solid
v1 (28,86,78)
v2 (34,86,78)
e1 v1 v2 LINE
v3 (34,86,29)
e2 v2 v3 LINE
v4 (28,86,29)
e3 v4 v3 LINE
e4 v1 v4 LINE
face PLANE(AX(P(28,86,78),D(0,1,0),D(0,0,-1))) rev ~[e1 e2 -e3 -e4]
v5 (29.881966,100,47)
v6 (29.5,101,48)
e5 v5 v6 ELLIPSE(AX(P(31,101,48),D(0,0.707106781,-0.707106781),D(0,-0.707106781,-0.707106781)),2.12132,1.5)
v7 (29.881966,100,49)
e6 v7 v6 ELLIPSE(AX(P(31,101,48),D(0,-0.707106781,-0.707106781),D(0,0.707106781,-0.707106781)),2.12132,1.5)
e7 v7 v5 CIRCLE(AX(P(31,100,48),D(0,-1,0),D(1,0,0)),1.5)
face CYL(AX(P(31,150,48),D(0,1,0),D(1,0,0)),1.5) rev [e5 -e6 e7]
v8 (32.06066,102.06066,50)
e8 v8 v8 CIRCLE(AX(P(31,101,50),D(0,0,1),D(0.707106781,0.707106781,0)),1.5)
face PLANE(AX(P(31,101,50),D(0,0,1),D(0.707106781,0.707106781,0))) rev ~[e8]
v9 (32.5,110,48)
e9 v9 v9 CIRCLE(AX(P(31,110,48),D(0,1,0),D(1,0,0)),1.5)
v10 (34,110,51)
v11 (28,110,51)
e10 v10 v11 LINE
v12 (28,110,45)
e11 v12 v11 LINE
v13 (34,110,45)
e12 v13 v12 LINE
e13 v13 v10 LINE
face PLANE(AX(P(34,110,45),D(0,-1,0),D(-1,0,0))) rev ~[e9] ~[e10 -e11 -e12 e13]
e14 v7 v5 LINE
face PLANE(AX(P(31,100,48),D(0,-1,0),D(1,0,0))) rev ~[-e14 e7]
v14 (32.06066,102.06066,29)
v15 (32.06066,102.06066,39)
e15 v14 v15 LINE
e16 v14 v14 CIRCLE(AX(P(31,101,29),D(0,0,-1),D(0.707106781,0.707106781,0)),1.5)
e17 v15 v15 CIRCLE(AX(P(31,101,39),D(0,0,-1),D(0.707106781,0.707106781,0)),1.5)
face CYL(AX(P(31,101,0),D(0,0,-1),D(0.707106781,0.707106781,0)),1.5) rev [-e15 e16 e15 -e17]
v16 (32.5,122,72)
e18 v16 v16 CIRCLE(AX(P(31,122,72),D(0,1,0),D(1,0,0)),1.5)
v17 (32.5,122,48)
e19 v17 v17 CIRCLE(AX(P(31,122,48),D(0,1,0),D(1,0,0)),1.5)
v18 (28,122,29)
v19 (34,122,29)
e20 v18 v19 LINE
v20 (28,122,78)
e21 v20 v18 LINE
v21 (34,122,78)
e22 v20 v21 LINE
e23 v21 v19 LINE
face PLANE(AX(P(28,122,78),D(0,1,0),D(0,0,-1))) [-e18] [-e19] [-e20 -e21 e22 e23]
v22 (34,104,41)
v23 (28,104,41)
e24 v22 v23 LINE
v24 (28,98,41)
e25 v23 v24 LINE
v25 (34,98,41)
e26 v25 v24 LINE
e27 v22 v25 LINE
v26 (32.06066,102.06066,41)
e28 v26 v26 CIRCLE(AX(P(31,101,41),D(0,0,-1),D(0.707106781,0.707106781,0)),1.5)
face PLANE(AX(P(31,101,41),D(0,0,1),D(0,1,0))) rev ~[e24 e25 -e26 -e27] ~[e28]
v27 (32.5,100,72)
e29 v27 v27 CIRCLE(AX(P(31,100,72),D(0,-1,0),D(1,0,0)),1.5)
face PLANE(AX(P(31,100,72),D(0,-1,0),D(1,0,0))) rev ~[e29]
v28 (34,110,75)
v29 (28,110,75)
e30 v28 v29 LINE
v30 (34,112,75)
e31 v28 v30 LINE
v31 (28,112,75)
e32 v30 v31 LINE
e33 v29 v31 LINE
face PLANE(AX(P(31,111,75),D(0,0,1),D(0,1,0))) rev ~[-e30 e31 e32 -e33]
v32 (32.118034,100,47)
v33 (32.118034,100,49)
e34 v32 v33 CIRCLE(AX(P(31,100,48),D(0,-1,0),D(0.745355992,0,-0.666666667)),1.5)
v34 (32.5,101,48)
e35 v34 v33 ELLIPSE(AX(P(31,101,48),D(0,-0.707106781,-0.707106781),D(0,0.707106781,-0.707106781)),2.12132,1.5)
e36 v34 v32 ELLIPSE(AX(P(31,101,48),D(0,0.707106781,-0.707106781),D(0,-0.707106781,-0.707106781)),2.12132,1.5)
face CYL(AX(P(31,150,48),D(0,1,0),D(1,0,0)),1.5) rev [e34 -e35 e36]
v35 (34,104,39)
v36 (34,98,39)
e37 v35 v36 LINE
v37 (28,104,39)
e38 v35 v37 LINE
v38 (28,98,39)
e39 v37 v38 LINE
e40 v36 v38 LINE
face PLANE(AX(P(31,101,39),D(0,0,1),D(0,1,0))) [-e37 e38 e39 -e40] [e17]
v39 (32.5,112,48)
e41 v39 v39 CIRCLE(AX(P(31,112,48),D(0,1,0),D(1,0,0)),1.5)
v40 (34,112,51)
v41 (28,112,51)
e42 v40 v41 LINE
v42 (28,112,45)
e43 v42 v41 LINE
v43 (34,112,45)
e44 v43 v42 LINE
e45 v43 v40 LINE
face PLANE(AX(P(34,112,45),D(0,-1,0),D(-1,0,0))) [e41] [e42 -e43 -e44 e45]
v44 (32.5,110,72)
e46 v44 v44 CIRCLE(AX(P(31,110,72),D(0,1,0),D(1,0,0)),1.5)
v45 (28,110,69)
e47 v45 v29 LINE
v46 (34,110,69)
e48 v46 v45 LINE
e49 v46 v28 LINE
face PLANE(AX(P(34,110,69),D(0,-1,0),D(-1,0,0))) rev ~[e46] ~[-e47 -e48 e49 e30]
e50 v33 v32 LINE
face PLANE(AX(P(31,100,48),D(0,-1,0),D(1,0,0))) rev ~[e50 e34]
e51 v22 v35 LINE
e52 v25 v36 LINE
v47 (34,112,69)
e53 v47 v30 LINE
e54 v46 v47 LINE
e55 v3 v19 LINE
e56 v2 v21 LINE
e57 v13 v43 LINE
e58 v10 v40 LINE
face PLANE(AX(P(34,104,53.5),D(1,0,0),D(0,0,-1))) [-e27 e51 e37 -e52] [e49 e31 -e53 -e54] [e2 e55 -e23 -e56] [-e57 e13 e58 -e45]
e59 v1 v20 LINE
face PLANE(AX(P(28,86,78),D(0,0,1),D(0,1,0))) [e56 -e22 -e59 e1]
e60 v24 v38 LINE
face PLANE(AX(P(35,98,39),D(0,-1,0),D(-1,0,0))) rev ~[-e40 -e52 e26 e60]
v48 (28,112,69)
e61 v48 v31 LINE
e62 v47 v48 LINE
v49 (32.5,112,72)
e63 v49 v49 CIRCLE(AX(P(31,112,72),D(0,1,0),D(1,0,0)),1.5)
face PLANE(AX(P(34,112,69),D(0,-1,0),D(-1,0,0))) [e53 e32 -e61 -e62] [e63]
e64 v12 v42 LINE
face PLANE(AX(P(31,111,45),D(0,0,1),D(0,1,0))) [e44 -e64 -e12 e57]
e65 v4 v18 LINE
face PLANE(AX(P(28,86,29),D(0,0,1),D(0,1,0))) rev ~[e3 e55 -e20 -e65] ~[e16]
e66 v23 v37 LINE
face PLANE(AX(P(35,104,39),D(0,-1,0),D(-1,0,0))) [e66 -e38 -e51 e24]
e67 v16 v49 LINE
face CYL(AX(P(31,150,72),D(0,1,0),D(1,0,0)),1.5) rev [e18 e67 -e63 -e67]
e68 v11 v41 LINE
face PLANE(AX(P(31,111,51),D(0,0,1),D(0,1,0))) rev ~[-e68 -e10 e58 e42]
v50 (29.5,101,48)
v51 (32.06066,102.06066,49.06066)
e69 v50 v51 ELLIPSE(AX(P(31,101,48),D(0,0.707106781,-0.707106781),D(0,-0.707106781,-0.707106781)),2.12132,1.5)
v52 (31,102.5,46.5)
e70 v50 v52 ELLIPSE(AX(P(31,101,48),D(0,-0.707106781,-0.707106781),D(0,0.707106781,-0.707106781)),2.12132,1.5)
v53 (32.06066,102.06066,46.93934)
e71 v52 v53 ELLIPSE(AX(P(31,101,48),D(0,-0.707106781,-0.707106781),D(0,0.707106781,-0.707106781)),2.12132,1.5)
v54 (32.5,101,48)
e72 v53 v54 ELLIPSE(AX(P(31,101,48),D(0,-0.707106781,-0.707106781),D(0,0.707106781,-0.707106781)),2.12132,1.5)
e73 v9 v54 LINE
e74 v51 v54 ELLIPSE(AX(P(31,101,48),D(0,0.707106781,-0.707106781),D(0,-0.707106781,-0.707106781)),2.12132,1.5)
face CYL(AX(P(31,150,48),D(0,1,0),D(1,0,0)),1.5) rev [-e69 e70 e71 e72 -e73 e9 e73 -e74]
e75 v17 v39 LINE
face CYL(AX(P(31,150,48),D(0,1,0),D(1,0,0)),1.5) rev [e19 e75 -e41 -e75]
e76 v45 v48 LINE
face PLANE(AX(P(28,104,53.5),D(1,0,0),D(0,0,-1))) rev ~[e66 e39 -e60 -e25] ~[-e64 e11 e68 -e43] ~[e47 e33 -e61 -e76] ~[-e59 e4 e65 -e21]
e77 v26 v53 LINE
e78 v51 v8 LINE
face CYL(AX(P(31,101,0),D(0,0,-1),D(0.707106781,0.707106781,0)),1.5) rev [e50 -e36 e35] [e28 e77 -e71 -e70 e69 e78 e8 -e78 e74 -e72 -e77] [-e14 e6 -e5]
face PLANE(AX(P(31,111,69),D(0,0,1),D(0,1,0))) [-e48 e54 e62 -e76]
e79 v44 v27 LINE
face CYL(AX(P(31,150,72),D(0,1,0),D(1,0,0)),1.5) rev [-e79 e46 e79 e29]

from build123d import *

# Parameters (mm, degrees)
CYLINDER1880_R               = 1.5
CYLINDER1880_DEPTH           = 50
CYLINDER1881_R               = 1.5
CYLINDER1881_DEPTH           = 50
CYLINDER1882_R               = 1.5
CYLINDER1882_DEPTH           = 50
CYLINDER1879_R               = 1.5
CYLINDER1879_DEPTH           = 50
BOX788_W                     = 2
BOX788_H                     = 6
BOX788_DEPTH                 = 6
BOX791_W                     = 2
BOX791_H                     = 6
BOX791_DEPTH                 = 6
BOX790_W                     = 2
BOX790_H                     = 6
BOX790_DEPTH                 = 6
BOX789_W                     = 2
BOX789_H                     = 6
BOX789_DEPTH                 = 6
BOX779_W                     = 6
BOX779_H                     = 8
BOX779_DEPTH                 = 2
CYLINDER1877_R               = 1.5
CYLINDER1877_DEPTH           = 50
CYLINDER1877_PLACEMENT_ANGLE = 45
BOX778_W                     = 49
BOX778_H                     = 36
BOX778_DEPTH                 = 6


with BuildPart() as v_lec1880:
    # Cylinder1880 → Cylinder1880 (new body)
    with BuildSketch(Plane(origin=(-31, 150, 72), x_dir=(1, 0, 0), z_dir=(0, -1, 0))):
        Circle(CYLINDER1880_R)
    extrude(amount=CYLINDER1880_DEPTH)


with BuildPart() as v_lec1881:
    # Cylinder1881 → Cylinder1881 (new body)
    with BuildSketch(Plane(origin=(31, 150, 48), x_dir=(1, 0, 0), z_dir=(0, -1, 0))):
        Circle(CYLINDER1881_R)
    extrude(amount=CYLINDER1881_DEPTH)


with BuildPart() as v_lec1882:
    # Cylinder1882 → Cylinder1882 (new body)
    with BuildSketch(Plane(origin=(31, 150, 72), x_dir=(1, 0, 0), z_dir=(0, -1, 0))):
        Circle(CYLINDER1882_R)
    extrude(amount=CYLINDER1882_DEPTH)


with BuildPart() as compound945:
    # Cylinder1879 → Cylinder1879 (new body)
    with BuildSketch(Plane(origin=(-31, 150, 48), x_dir=(1, 0, 0), z_dir=(0, -1, 0))):
        Circle(CYLINDER1879_R)
    extrude(amount=CYLINDER1879_DEPTH)

    # Compound945: union Válec1880, Válec1881, Válec1882
    add(v_lec1880.part)
    add(v_lec1881.part)
    add(v_lec1882.part)


with BuildPart() as krychle788:
    # Box788 → Box788 (new body)
    with BuildSketch(Plane(origin=(-28, 110, 69), x_dir=(0, 1, 0), z_dir=(0, 0, 1))):
        with Locations((1, 3)):
            Rectangle(BOX788_W, BOX788_H)
    extrude(amount=BOX788_DEPTH)


with BuildPart() as krychle791:
    # Box791 → Box791 (new body)
    with BuildSketch(Plane(origin=(34, 110, 45), x_dir=(0, 1, 0), z_dir=(0, 0, 1))):
        with Locations((1, 3)):
            Rectangle(BOX791_W, BOX791_H)
    extrude(amount=BOX791_DEPTH)


with BuildPart() as krychle790:
    # Box790 → Box790 (new body)
    with BuildSketch(Plane(origin=(34, 110, 69), x_dir=(0, 1, 0), z_dir=(0, 0, 1))):
        with Locations((1, 3)):
            Rectangle(BOX790_W, BOX790_H)
    extrude(amount=BOX790_DEPTH)


with BuildPart() as compound944:
    # Box789 → Box789 (new body)
    with BuildSketch(Plane(origin=(-28, 110, 45), x_dir=(0, 1, 0), z_dir=(0, 0, 1))):
        with Locations((1, 3)):
            Rectangle(BOX789_W, BOX789_H)
    extrude(amount=BOX789_DEPTH)

    # Compound944: union Krychle788, Krychle791, Krychle790
    add(krychle788.part)
    add(krychle791.part)
    add(krychle790.part)


with BuildPart() as compound940:
    # Box779 → Box779 (new body)
    with BuildSketch(Plane(origin=(35, 98, 39), x_dir=(0, 1, 0), z_dir=(0, 0, 1))):
        with Locations((3, 4)):
            Rectangle(BOX779_W, BOX779_H)
    extrude(amount=BOX779_DEPTH)


with BuildPart() as compound943:
    # Cylinder1877 → Cylinder1877 (new body)
    with BuildSketch(Plane.XY):
        Circle(CYLINDER1877_R)
    extrude(amount=CYLINDER1877_DEPTH)


with BuildPart() as compound943_1:
    # Cylinder1877 placement: moved
    add(compound943.part.moved(Location((31, 101, 0))).rotate(Axis((31, 101, 0), (0, 0, 1)), CYLINDER1877_PLACEMENT_ANGLE))


with BuildPart() as cut597:
    # Box778 → Box778 (new body)
    with BuildSketch(Plane(origin=(28, 86, 78), x_dir=(0, 0, -1), z_dir=(1, 0, 0))):
        with Locations((24.5, 18)):
            Rectangle(BOX778_W, BOX778_H)
    extrude(amount=BOX778_DEPTH)

    # Cut587: cut Compound943
    add(compound943_1.part, mode=Mode.SUBTRACT)

    # Cut585: cut Compound940
    add(compound940.part, mode=Mode.SUBTRACT)

    # Cut596: cut Compound944
    add(compound944.part, mode=Mode.SUBTRACT)

    # Cut597: cut Compound945
    add(compound945.part, mode=Mode.SUBTRACT)


solid = cut597.part
